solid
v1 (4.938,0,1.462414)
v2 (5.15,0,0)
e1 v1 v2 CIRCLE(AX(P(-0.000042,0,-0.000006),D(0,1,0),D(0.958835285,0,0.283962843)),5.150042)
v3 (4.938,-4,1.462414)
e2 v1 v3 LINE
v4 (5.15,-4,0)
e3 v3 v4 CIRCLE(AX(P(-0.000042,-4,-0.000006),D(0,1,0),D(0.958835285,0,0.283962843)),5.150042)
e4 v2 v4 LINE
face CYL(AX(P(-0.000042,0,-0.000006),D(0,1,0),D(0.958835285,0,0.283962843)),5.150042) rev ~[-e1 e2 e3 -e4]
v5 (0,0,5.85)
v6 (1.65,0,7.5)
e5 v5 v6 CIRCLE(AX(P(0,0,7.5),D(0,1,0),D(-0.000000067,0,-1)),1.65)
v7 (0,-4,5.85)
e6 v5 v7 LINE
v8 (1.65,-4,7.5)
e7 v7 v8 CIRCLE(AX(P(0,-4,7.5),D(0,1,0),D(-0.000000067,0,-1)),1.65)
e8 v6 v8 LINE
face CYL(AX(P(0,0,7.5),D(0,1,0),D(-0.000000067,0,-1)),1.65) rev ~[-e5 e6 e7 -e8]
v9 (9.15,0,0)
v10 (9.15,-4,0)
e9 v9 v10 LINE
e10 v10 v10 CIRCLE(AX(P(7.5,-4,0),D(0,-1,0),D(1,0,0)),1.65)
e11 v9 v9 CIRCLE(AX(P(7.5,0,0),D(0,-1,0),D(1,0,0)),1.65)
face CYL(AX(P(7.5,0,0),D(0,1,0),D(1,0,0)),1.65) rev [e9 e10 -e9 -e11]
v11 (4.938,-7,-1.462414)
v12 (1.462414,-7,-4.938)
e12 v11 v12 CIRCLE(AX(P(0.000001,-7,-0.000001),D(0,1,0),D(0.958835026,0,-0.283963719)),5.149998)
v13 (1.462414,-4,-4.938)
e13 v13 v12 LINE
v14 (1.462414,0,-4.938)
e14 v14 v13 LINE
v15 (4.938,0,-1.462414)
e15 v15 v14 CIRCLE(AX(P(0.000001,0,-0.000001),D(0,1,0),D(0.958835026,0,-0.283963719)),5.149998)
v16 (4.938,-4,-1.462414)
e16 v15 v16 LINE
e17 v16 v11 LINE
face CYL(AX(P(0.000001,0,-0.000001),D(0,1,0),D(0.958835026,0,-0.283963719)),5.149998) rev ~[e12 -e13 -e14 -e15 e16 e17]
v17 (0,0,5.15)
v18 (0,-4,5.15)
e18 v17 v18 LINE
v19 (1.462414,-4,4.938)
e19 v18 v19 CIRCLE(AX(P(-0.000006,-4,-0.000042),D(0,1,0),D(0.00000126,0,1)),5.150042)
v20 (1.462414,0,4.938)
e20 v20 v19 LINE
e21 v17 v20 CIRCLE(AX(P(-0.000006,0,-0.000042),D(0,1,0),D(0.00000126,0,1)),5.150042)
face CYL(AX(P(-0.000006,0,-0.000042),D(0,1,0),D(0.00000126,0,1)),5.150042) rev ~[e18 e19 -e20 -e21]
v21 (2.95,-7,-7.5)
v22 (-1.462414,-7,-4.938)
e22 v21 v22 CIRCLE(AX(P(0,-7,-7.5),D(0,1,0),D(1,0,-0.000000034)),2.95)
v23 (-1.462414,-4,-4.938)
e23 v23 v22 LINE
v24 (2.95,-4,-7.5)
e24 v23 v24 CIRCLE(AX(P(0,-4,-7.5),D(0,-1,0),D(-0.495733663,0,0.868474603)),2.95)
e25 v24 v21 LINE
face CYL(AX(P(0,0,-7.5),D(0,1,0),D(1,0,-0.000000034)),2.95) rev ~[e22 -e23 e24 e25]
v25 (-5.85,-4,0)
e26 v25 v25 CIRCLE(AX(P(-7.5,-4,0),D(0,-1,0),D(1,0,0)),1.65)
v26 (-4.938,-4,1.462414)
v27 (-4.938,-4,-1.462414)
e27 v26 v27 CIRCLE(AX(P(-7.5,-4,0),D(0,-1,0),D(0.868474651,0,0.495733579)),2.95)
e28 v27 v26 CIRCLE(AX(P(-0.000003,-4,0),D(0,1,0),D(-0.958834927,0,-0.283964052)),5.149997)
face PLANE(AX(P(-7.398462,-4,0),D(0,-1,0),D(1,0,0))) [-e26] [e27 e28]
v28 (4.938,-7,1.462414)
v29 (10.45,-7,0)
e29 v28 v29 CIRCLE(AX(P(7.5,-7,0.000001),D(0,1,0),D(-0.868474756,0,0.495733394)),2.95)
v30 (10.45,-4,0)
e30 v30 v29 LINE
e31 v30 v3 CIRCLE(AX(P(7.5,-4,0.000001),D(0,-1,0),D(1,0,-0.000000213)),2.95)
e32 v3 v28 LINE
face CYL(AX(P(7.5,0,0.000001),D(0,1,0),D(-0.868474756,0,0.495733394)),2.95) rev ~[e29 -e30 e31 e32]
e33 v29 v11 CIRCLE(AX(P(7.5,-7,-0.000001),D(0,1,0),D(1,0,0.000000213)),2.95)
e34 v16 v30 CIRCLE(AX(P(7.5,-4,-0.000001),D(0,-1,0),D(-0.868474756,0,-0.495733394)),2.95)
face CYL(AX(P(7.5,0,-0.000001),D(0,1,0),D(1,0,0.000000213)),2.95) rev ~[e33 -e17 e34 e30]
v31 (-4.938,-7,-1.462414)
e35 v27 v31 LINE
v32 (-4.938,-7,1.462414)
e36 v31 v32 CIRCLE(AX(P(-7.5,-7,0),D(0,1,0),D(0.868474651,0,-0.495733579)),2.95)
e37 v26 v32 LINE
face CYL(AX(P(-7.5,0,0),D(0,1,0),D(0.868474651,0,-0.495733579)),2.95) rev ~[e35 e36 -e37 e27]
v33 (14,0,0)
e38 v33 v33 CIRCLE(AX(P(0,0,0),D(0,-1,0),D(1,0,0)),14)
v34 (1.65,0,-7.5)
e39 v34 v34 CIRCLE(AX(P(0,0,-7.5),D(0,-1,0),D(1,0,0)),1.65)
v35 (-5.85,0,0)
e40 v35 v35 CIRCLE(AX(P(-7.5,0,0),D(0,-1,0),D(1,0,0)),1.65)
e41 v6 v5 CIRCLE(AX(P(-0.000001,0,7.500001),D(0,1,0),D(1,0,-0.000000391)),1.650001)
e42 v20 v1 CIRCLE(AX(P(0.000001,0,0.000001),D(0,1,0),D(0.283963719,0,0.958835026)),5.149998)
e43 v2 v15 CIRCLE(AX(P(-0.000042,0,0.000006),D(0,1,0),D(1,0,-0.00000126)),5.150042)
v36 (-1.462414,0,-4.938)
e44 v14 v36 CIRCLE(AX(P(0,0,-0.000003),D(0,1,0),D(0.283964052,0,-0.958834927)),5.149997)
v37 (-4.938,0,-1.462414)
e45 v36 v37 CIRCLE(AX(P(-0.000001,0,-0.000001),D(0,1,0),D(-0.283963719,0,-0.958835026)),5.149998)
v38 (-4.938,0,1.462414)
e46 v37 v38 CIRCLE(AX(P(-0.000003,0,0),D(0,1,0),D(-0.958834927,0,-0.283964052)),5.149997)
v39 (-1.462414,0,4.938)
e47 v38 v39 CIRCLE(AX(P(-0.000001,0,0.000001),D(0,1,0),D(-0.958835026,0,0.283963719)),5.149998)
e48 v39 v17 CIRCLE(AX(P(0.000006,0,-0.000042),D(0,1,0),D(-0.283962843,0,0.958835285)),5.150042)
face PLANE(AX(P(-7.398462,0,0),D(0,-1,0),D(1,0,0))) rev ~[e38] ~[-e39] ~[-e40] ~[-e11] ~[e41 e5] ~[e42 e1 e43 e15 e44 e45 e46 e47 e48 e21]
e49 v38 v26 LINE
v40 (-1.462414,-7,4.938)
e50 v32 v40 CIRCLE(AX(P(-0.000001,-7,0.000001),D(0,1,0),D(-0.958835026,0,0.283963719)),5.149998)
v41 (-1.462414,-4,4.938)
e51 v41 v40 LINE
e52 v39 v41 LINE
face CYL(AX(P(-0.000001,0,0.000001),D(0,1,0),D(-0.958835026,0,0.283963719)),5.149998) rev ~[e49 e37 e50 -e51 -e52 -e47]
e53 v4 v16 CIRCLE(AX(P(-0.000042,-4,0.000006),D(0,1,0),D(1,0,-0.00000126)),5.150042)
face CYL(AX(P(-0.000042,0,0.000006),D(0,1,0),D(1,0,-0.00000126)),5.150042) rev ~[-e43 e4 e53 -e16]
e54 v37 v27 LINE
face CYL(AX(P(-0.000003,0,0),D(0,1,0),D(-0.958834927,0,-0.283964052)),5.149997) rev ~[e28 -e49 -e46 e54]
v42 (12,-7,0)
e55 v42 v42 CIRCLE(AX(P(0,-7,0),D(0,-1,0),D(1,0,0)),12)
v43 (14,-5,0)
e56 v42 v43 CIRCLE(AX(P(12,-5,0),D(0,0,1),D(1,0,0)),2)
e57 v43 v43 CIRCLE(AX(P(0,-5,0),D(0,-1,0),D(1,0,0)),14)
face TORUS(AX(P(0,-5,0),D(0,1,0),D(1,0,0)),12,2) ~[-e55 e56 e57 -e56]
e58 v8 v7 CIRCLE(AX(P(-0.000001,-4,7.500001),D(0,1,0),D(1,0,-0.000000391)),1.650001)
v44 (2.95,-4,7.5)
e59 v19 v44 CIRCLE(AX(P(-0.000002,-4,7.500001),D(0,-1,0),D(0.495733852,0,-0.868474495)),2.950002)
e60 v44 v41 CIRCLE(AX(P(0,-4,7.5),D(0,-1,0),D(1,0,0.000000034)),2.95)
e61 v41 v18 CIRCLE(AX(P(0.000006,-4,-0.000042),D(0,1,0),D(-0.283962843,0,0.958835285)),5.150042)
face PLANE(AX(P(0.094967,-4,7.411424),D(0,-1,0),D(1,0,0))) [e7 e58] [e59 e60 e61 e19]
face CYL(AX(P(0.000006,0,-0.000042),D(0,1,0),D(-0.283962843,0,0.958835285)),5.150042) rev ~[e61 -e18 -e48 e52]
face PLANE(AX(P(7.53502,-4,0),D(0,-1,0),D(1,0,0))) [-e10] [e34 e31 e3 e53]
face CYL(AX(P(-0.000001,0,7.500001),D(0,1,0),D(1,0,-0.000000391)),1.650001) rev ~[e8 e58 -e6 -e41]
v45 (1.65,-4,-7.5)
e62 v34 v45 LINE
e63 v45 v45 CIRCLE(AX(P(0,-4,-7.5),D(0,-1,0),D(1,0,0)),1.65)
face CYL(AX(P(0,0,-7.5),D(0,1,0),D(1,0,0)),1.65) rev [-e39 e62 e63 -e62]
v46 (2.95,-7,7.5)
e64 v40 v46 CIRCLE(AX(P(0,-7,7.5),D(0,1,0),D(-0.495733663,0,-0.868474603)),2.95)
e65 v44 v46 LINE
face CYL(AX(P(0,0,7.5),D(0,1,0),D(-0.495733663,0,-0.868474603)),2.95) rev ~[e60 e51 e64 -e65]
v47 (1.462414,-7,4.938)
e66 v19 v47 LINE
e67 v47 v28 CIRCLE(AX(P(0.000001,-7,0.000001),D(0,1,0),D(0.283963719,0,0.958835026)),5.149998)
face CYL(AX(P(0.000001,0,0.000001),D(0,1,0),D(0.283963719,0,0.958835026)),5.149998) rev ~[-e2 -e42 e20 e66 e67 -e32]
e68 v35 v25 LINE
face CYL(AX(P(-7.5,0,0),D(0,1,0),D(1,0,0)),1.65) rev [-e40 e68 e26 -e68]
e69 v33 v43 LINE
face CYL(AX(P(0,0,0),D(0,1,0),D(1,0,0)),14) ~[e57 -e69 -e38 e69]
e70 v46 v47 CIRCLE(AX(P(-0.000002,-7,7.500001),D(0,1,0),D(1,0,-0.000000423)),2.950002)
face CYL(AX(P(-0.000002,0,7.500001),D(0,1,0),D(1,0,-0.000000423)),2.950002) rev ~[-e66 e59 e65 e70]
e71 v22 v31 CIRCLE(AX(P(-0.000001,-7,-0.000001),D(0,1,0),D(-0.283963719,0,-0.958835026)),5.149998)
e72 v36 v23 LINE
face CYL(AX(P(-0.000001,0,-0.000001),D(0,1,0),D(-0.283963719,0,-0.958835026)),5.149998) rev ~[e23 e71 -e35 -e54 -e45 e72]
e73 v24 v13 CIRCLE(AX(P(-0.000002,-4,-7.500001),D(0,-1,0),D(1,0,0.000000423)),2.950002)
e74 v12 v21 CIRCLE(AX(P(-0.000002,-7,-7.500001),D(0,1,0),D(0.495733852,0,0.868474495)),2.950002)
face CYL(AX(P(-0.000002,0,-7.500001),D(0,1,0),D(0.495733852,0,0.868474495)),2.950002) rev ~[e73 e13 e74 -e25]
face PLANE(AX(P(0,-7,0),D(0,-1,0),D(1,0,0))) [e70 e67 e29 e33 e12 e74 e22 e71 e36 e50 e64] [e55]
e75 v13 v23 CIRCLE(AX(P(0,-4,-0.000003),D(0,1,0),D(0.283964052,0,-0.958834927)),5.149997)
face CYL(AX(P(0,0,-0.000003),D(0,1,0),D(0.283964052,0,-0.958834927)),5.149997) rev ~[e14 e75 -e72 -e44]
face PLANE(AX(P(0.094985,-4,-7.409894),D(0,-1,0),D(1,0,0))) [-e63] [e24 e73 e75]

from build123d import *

# Parameters (mm, degrees)
F0_R      = 14
F1_DEPTH  = 7
F0_R_2    = 1.65
F2_DEPTH  = 4
F2_FACE_R = 1.65
F3_DEPTH  = 25
F5_R      = 2


with BuildPart() as f1:
    # F0 (on Front) → F1 (new body)
    with BuildSketch(Plane.XZ):
        Circle(F0_R)
        with BuildLine():
            ThreePointArc((1.462414, 4.938), (3.6416, 3.6416), (4.938, 1.462414))
            ThreePointArc((4.938, 1.462414), (8.256505, 2.851351), (10.45, 0))
            ThreePointArc((10.45, 0), (8.256505, -2.851351), (4.938, -1.462414))
            ThreePointArc((4.938, -1.462414), (3.6416, -3.6416), (1.462414, -4.938))
            ThreePointArc((1.462414, -4.938), (2.551139, -6.018721), (2.95, -7.5))
            ThreePointArc((2.95, -7.5), (-1.481279, -10.051139), (-1.462414, -4.938))
            ThreePointArc((-1.462414, -4.938), (-3.6416, -3.6416), (-4.938, -1.462414))
            ThreePointArc((-4.938, -1.462414), (-10.45, 0), (-4.938, 1.462414))
            ThreePointArc((-4.938, 1.462414), (-3.6416, 3.6416), (-1.462414, 4.938))
            ThreePointArc((-1.462414, 4.938), (-1.481279, 10.051139), (2.95, 7.5))
            ThreePointArc((2.95, 7.5), (2.551139, 6.018721), (1.462414, 4.938))
        make_face(mode=Mode.SUBTRACT)
    extrude(amount=F1_DEPTH)

    # F0 (on Front) → F2 (join)
    with BuildSketch(Plane.XZ):
        with BuildLine():
            ThreePointArc((-4.938, 1.462414), (-10.45, 0), (-4.938, -1.462414))
            ThreePointArc((-4.938, -1.462414), (-5.15, 0), (-4.938, 1.462414))
        make_face()
        with Locations((-7.5, 0)):
            Circle(F0_R_2, mode=Mode.SUBTRACT)
        with BuildLine():
            ThreePointArc((2.95, -7.5), (2.551139, -6.018721), (1.462414, -4.938))
            ThreePointArc((1.462414, -4.938), (0, -5.15), (-1.462414, -4.938))
            ThreePointArc((-1.462414, -4.938), (-1.481279, -10.051139), (2.95, -7.5))
        make_face()
        with Locations((0, -7.5)):
            Circle(F0_R_2, mode=Mode.SUBTRACT)
        with BuildLine():
            ThreePointArc((4.938, 1.462414), (5.096724, 0.73885), (5.15, 0))
            ThreePointArc((5.15, 0), (5.096724, -0.73885), (4.938, -1.462414))
            ThreePointArc((4.938, -1.462414), (8.256505, -2.851351), (10.45, 0))
            ThreePointArc((10.45, 0), (8.256505, 2.851351), (4.938, 1.462414))
        make_face()
        with Locations((7.5, 0)):
            Circle(F0_R_2, mode=Mode.SUBTRACT)
        with BuildLine():
            ThreePointArc((0, 5.15), (0.73885, 5.096724), (1.462414, 4.938))
            ThreePointArc((1.462414, 4.938), (2.551139, 6.018721), (2.95, 7.5))
            ThreePointArc((2.95, 7.5), (-1.481279, 10.051139), (-1.462414, 4.938))
            ThreePointArc((-1.462414, 4.938), (-0.73885, 5.096724), (0, 5.15))
        make_face()
        with BuildLine():
            ThreePointArc((1.65, 7.5), (1.166726, 6.333274), (0, 5.85))
            ThreePointArc((0, 5.85), (-1.166726, 8.666726), (1.65, 7.5))
        make_face(mode=Mode.SUBTRACT)
    extrude(amount=F2_DEPTH)

    # F5
    f5_edges = [f1.edges().sort_by_distance(p)[0] for p in [
        (-14, -7, 0),
    ]]
    fillet(f5_edges, radius=F5_R)


with BuildPart() as f3:
    # F0 (on Front) + F2_face (on face) → F3 (new body)
    with BuildSketch(Plane.XZ):
        with Locations((-7.5, 0)):
            Circle(F0_R_2)
        with BuildLine():
            ThreePointArc((-4.938, 1.462414), (-10.45, 0), (-4.938, -1.462414))
            ThreePointArc((-4.938, -1.462414), (-5.15, 0), (-4.938, 1.462414))
        make_face()
        with Locations((-7.5, 0)):
            Circle(F0_R_2, mode=Mode.SUBTRACT)
    with BuildSketch(Plane(origin=(-7.676847, -4, 0), x_dir=(1, 0, 0), z_dir=(0, -1, 0))):
        with BuildLine():
            ThreePointArc((2.738847, -1.462414), (2.526847, 0), (2.738847, 1.462414))
            ThreePointArc((2.738847, 1.462414), (-2.773153, 0), (2.738847, -1.462414))
        make_face()
        with Locations((0.176847, 0)):
            Circle(F2_FACE_R, mode=Mode.SUBTRACT)
    extrude(amount=F3_DEPTH)


solid = f1.part
